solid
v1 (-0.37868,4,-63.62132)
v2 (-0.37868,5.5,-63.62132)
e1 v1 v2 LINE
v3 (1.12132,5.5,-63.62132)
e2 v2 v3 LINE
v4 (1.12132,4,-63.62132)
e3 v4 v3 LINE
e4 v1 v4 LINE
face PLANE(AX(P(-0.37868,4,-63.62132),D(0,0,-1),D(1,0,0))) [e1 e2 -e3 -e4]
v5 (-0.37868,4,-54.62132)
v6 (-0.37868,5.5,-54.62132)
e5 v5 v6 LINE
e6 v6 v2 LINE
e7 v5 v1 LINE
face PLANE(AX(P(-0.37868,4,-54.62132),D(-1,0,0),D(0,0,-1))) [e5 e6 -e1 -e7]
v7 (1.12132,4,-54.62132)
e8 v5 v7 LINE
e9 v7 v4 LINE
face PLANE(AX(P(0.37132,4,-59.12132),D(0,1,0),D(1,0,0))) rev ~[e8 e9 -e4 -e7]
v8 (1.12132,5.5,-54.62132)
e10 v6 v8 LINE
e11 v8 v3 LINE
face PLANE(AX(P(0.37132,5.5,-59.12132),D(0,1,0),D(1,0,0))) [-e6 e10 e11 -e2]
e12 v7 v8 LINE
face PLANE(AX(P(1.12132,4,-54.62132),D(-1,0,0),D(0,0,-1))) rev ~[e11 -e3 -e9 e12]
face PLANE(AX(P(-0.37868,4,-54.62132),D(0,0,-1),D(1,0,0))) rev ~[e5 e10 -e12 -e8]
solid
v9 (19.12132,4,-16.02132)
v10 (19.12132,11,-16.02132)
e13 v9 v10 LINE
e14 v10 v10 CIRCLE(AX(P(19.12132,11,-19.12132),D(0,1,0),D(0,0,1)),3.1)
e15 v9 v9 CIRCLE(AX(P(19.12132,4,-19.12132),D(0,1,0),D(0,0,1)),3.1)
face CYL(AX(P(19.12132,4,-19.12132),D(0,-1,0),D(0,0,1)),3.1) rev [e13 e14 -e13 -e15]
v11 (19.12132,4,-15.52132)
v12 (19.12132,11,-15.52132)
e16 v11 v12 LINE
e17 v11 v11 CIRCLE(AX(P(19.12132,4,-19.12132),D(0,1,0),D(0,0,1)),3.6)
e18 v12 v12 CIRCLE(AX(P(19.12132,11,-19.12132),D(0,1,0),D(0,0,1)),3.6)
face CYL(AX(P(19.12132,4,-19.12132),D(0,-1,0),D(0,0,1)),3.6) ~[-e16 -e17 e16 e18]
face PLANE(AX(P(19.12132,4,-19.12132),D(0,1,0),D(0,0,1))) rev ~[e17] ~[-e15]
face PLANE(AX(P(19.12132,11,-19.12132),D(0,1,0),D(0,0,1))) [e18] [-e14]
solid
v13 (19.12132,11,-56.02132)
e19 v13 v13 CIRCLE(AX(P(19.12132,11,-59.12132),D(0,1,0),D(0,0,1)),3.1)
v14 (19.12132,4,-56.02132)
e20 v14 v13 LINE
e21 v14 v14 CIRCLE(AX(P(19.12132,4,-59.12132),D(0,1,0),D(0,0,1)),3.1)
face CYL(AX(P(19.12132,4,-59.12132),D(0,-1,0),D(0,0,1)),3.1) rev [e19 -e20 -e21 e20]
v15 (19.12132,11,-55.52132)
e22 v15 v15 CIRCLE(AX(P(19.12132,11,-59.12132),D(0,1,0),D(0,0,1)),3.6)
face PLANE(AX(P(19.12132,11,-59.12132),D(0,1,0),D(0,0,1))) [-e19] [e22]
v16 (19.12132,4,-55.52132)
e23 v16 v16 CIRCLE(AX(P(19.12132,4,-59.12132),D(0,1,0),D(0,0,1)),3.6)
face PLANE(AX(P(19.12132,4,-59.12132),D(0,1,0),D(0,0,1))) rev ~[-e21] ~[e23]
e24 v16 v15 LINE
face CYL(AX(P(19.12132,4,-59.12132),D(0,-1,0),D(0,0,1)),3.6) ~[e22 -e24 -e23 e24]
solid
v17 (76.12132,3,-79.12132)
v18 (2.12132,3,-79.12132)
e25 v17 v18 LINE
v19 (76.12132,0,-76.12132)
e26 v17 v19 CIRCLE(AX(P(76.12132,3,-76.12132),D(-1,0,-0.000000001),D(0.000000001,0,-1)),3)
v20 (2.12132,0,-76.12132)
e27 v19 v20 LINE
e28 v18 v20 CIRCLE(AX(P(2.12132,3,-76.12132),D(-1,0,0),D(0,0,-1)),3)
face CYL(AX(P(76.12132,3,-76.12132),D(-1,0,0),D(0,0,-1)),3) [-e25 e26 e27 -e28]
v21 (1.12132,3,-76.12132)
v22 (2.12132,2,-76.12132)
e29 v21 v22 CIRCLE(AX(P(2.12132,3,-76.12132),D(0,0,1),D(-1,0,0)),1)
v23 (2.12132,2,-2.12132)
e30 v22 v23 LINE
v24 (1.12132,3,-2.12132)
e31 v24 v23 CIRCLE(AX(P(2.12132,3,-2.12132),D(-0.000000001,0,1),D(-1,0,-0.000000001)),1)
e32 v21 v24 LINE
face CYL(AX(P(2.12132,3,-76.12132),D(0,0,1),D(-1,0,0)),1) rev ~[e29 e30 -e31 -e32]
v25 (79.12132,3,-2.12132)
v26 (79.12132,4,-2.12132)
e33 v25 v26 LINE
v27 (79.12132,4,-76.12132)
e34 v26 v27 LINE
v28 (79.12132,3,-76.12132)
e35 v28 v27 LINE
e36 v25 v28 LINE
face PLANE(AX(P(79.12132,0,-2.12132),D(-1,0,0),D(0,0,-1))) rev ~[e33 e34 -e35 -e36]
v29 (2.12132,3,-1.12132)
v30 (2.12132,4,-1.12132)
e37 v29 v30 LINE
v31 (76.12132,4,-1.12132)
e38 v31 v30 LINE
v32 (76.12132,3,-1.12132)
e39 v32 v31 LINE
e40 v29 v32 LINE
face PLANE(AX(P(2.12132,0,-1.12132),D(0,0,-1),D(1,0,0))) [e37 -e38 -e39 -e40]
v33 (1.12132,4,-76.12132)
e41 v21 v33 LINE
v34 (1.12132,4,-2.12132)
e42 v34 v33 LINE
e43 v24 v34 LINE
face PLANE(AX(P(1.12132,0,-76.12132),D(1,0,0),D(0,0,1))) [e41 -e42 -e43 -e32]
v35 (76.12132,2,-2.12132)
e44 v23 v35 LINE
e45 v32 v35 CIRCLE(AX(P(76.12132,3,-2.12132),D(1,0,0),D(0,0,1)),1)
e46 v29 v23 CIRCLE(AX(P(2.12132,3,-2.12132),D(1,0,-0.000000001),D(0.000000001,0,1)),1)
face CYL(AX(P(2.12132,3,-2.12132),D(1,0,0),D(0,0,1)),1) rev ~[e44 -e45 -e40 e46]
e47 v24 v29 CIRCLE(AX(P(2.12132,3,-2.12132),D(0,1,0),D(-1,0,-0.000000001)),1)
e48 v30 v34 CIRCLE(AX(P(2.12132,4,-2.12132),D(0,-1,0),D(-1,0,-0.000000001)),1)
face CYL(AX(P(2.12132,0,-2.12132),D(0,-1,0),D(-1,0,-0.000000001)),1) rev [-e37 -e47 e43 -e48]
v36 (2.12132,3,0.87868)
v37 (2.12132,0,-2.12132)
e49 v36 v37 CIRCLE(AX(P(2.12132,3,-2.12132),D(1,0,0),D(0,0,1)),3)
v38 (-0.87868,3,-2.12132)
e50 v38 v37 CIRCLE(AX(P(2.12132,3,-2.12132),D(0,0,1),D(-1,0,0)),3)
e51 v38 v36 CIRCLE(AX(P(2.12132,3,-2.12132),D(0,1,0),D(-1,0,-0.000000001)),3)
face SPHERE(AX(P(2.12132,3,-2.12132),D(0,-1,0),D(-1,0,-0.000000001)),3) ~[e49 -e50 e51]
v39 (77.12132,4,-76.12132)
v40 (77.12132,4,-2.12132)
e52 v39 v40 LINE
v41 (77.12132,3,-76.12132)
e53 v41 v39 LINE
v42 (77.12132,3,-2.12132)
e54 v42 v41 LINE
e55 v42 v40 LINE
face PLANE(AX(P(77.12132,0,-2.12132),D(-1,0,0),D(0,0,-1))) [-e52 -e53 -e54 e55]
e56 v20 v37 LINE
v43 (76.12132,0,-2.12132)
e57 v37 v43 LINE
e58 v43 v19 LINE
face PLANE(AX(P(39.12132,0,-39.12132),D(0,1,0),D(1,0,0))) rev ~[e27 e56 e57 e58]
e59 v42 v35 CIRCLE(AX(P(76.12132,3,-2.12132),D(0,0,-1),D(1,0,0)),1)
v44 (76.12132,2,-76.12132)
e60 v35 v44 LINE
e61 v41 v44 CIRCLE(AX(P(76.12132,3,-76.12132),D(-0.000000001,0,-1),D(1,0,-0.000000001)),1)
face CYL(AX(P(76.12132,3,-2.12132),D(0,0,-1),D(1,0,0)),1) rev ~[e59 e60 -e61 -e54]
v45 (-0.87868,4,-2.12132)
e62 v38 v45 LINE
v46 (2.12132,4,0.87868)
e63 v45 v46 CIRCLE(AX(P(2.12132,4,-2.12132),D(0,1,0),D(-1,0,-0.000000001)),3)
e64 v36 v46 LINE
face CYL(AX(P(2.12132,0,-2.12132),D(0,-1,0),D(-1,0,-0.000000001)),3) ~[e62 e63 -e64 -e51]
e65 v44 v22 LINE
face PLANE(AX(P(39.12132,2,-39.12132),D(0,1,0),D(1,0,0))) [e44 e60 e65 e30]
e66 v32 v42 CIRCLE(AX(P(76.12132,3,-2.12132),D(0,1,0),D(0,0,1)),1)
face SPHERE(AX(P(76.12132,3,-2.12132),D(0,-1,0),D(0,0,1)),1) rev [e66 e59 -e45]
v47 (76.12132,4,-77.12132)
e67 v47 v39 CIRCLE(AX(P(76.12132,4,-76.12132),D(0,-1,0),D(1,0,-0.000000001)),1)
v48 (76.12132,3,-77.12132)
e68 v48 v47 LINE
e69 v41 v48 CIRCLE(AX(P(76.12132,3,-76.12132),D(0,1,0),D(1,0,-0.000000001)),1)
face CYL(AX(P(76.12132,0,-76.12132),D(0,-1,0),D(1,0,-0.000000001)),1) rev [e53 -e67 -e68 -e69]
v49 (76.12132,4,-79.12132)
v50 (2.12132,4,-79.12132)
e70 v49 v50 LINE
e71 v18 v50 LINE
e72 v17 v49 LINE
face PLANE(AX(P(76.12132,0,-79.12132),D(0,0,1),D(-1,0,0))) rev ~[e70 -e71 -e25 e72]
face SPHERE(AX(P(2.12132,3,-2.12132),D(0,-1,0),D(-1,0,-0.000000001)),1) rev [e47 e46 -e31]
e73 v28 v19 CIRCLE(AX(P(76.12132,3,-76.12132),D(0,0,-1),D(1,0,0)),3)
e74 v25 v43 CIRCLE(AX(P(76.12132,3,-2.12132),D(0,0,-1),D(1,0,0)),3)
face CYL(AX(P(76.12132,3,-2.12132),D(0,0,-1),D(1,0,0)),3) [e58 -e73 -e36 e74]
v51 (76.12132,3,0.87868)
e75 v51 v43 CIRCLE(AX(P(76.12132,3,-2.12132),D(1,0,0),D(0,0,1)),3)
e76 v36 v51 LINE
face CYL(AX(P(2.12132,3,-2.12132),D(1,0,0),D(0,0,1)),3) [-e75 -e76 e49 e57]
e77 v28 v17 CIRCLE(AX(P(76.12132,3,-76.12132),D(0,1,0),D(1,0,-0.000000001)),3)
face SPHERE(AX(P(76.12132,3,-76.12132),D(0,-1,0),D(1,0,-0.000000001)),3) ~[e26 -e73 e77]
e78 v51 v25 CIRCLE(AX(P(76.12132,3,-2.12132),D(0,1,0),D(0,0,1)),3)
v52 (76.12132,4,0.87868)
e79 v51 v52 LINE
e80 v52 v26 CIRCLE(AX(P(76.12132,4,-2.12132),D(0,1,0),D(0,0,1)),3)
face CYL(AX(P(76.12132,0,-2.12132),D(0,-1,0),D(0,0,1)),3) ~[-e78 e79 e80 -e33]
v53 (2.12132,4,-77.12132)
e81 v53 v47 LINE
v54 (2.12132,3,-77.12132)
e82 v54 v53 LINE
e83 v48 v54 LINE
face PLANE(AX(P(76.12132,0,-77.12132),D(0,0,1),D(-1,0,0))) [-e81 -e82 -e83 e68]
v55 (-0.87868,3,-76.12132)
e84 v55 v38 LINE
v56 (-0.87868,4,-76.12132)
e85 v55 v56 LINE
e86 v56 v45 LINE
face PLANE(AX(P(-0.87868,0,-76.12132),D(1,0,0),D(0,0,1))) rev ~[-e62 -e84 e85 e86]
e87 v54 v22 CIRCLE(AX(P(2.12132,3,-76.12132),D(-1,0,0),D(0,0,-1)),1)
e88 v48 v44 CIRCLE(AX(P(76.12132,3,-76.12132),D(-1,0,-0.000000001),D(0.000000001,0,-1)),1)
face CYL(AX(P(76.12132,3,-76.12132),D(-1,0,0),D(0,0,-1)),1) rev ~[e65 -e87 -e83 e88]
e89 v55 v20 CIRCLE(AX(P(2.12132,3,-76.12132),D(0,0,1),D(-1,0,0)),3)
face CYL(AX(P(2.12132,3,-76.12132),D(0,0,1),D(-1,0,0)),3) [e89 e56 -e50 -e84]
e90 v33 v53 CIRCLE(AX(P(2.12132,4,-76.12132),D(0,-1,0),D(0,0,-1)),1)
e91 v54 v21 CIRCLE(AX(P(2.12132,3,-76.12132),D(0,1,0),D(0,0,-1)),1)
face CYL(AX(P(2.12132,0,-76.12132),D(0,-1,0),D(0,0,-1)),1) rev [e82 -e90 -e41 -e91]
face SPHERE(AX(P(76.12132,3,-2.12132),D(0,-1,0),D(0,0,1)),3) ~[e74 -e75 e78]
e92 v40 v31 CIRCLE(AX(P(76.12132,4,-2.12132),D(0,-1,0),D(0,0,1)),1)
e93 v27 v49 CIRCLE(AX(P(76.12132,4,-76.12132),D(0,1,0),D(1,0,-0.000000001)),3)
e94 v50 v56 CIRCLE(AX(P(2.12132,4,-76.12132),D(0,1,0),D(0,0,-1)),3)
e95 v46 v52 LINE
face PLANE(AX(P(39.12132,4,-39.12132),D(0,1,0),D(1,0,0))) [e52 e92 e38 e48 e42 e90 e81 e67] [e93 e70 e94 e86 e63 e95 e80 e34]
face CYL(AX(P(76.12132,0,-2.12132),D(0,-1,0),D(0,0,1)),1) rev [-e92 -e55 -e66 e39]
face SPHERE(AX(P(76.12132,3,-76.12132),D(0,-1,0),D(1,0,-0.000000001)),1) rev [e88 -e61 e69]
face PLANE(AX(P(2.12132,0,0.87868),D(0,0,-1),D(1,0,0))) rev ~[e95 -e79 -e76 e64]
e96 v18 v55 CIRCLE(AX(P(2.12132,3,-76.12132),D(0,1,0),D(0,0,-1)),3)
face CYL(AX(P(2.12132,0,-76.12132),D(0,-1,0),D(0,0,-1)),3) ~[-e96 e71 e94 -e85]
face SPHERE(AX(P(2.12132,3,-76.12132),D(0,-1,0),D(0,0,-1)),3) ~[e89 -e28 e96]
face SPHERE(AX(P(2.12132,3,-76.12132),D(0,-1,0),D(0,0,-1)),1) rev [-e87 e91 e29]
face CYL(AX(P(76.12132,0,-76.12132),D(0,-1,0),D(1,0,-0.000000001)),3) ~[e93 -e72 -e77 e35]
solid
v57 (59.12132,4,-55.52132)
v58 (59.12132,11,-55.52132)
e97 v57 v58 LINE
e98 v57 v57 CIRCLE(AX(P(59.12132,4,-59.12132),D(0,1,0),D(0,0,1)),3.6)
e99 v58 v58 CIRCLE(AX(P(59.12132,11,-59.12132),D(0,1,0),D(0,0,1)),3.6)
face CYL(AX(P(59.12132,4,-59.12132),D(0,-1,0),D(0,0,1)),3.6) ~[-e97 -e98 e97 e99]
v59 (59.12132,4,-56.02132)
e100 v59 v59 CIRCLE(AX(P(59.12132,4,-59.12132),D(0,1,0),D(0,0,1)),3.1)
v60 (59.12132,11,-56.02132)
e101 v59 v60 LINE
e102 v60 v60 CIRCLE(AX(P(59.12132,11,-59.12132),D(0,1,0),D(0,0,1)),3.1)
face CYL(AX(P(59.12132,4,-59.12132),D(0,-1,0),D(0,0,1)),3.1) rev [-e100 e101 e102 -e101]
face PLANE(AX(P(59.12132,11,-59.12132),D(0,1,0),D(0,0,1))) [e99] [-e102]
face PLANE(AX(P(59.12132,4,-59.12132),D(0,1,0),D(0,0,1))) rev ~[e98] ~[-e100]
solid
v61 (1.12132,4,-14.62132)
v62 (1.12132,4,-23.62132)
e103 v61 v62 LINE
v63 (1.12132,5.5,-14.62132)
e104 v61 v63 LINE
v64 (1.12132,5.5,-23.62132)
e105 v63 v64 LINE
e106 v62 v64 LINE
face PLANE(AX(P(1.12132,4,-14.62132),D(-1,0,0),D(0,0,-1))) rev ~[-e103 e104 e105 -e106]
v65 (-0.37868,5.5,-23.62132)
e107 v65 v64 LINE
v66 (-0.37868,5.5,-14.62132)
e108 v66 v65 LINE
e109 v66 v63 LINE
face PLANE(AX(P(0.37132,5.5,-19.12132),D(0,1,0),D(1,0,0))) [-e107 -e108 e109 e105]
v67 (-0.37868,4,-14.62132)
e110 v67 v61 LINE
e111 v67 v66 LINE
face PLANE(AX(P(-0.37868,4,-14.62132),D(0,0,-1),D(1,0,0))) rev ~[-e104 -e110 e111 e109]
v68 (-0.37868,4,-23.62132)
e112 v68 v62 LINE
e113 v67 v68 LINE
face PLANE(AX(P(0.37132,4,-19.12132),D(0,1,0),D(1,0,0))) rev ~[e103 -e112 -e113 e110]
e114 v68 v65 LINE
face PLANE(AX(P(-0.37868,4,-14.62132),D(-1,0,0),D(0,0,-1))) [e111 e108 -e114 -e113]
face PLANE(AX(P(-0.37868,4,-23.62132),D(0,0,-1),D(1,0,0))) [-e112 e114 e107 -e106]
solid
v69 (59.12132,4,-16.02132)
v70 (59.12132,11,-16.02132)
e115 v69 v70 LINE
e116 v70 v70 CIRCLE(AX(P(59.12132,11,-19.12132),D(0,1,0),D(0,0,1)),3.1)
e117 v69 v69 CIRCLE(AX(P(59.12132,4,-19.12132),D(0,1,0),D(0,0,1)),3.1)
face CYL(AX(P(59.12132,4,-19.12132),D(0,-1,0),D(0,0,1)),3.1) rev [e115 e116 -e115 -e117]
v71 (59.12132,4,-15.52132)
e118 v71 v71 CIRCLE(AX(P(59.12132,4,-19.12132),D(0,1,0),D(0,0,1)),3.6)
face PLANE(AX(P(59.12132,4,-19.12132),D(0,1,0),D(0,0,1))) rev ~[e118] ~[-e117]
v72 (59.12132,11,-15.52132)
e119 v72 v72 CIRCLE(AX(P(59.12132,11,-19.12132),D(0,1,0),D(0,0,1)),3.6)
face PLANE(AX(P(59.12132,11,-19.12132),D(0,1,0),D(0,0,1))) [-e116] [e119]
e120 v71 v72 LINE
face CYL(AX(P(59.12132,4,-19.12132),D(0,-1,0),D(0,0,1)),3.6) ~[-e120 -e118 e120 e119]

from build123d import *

# Parameters (mm, degrees)
EXTRUDE_1_DEPTH   = 4
FILLET_1_R        = 3
SHELL_1_T         = -2
SKETCH_3_R        = 3.6
SKETCH_3_R_2      = 3.1
EXTRUDE_2_DEPTH   = 7
EXTRUDE_2_2_DEPTH = 7
EXTRUDE_2_3_DEPTH = 7
EXTRUDE_2_4_DEPTH = 7
SKETCH_4_W        = 1.5
SKETCH_4_H        = 9
EXTRUDE_3_DEPTH   = 1.5
EXTRUDE_3_2_DEPTH = 1.5


with BuildPart() as part:
    # 草图1 → 凸台-拉伸1 (new body)
    with BuildSketch(Plane(origin=(0, 0, 0), x_dir=(1, 0, 0), z_dir=(0, 1, 0))):
        with BuildLine():
            Line((2.121320344, -0.878679656), (76.121320344, -0.878679656))
            ThreePointArc((76.121320344, -0.878679656), (78.242640687, 0), (79.121320344, 2.121320344))
            Line((79.121320344, 2.121320344), (79.121320344, 76.121320344))
            ThreePointArc((79.121320344, 76.121320344), (78.242640687, 78.242640687), (76.121320344, 79.121320344))
            Line((76.121320344, 79.121320344), (2.121320344, 79.121320344))
            ThreePointArc((2.121320344, 79.121320344), (0, 78.242640687), (-0.878679656, 76.121320344))
            Line((-0.878679656, 76.121320344), (-0.878679656, 2.121320344))
            ThreePointArc((-0.878679656, 2.121320344), (0, 0), (2.121320344, -0.878679656))
        make_face()
    extrude(amount=EXTRUDE_1_DEPTH)

    # 圆角1
    fillet_1_edges = [part.edges().sort_by_distance(p)[0] for p in [
        (39.121320344, 0, 0.878679656),
        (0, 0, 0),
        (-0.878679656, 0, -39.121320344),
        (0, 0, -78.242640687),
        (39.121320344, 0, -79.121320344),
        (78.242640687, 0, -78.242640687),
        (79.121320344, 0, -39.121320344),
        (78.242640687, 0, 0),
    ]]
    fillet(fillet_1_edges, radius=FILLET_1_R)

    # 抽壳1
    shell_1_openings = [part.faces().sort_by_distance(p)[0] for p in [
        (39.121320344, 4, -39.121320344),
    ]]
    offset(amount=SHELL_1_T, openings=shell_1_openings, kind=Kind.INTERSECTION)


with BuildPart() as body_2:
    # 草图3 → 凸台-拉伸2 (new body)
    with BuildSketch(Plane(origin=(0, 4, 0), x_dir=(1, 0, 0), z_dir=(0, 1, 0))):
        with Locations(Location((19.121320344, 59.121320344, 0), (0, 0, 270))):
            Circle(SKETCH_3_R)
        with Locations(Location((19.121320344, 59.121320344, 0), (0, 0, 270))):
            Circle(SKETCH_3_R_2, mode=Mode.SUBTRACT)
    extrude(amount=EXTRUDE_2_DEPTH)


with BuildPart() as body_3:
    # 草图3 → Extrude 2 2 (new body)
    with BuildSketch(Plane(origin=(0, 4, 0), x_dir=(1, 0, 0), z_dir=(0, 1, 0))):
        with Locations(Location((59.121320344, 59.121320344, 0), (0, 0, 270))):
            Circle(SKETCH_3_R)
        with Locations(Location((59.121320344, 59.121320344, 0), (0, 0, 270))):
            Circle(SKETCH_3_R_2, mode=Mode.SUBTRACT)
    extrude(amount=EXTRUDE_2_2_DEPTH)


with BuildPart() as body_4:
    # 草图3 → Extrude 2 3 (new body)
    with BuildSketch(Plane(origin=(0, 4, 0), x_dir=(1, 0, 0), z_dir=(0, 1, 0))):
        with Locations(Location((59.121320344, 19.121320344, 0), (0, 0, 270))):
            Circle(SKETCH_3_R)
        with Locations(Location((59.121320344, 19.121320344, 0), (0, 0, 270))):
            Circle(SKETCH_3_R_2, mode=Mode.SUBTRACT)
    extrude(amount=EXTRUDE_2_3_DEPTH)


with BuildPart() as body_5:
    # 草图3 → Extrude 2 4 (new body)
    with BuildSketch(Plane(origin=(0, 4, 0), x_dir=(1, 0, 0), z_dir=(0, 1, 0))):
        with Locations(Location((19.121320344, 19.121320344, 0), (0, 0, 270))):
            Circle(SKETCH_3_R)
        with Locations(Location((19.121320344, 19.121320344, 0), (0, 0, 270))):
            Circle(SKETCH_3_R_2, mode=Mode.SUBTRACT)
    extrude(amount=EXTRUDE_2_4_DEPTH)


with BuildPart() as body_6:
    # 草图4 → 凸台-拉伸3 (new body)
    with BuildSketch(Plane(origin=(0, 4, 0), x_dir=(1, 0, 0), z_dir=(0, 1, 0))):
        with Locations((0.371320344, 59.121320344)):
            Rectangle(SKETCH_4_W, SKETCH_4_H)
    extrude(amount=EXTRUDE_3_DEPTH)


with BuildPart() as body_7:
    # 草图4 → Extrude 3 2 (new body)
    with BuildSketch(Plane(origin=(0, 4, 0), x_dir=(1, 0, 0), z_dir=(0, 1, 0))):
        with Locations((0.371320344, 19.121320344)):
            Rectangle(SKETCH_4_W, SKETCH_4_H)
    extrude(amount=EXTRUDE_3_2_DEPTH)


solid = Compound([part.part, body_2.part, body_3.part, body_4.part, body_5.part, body_6.part, body_7.part])
